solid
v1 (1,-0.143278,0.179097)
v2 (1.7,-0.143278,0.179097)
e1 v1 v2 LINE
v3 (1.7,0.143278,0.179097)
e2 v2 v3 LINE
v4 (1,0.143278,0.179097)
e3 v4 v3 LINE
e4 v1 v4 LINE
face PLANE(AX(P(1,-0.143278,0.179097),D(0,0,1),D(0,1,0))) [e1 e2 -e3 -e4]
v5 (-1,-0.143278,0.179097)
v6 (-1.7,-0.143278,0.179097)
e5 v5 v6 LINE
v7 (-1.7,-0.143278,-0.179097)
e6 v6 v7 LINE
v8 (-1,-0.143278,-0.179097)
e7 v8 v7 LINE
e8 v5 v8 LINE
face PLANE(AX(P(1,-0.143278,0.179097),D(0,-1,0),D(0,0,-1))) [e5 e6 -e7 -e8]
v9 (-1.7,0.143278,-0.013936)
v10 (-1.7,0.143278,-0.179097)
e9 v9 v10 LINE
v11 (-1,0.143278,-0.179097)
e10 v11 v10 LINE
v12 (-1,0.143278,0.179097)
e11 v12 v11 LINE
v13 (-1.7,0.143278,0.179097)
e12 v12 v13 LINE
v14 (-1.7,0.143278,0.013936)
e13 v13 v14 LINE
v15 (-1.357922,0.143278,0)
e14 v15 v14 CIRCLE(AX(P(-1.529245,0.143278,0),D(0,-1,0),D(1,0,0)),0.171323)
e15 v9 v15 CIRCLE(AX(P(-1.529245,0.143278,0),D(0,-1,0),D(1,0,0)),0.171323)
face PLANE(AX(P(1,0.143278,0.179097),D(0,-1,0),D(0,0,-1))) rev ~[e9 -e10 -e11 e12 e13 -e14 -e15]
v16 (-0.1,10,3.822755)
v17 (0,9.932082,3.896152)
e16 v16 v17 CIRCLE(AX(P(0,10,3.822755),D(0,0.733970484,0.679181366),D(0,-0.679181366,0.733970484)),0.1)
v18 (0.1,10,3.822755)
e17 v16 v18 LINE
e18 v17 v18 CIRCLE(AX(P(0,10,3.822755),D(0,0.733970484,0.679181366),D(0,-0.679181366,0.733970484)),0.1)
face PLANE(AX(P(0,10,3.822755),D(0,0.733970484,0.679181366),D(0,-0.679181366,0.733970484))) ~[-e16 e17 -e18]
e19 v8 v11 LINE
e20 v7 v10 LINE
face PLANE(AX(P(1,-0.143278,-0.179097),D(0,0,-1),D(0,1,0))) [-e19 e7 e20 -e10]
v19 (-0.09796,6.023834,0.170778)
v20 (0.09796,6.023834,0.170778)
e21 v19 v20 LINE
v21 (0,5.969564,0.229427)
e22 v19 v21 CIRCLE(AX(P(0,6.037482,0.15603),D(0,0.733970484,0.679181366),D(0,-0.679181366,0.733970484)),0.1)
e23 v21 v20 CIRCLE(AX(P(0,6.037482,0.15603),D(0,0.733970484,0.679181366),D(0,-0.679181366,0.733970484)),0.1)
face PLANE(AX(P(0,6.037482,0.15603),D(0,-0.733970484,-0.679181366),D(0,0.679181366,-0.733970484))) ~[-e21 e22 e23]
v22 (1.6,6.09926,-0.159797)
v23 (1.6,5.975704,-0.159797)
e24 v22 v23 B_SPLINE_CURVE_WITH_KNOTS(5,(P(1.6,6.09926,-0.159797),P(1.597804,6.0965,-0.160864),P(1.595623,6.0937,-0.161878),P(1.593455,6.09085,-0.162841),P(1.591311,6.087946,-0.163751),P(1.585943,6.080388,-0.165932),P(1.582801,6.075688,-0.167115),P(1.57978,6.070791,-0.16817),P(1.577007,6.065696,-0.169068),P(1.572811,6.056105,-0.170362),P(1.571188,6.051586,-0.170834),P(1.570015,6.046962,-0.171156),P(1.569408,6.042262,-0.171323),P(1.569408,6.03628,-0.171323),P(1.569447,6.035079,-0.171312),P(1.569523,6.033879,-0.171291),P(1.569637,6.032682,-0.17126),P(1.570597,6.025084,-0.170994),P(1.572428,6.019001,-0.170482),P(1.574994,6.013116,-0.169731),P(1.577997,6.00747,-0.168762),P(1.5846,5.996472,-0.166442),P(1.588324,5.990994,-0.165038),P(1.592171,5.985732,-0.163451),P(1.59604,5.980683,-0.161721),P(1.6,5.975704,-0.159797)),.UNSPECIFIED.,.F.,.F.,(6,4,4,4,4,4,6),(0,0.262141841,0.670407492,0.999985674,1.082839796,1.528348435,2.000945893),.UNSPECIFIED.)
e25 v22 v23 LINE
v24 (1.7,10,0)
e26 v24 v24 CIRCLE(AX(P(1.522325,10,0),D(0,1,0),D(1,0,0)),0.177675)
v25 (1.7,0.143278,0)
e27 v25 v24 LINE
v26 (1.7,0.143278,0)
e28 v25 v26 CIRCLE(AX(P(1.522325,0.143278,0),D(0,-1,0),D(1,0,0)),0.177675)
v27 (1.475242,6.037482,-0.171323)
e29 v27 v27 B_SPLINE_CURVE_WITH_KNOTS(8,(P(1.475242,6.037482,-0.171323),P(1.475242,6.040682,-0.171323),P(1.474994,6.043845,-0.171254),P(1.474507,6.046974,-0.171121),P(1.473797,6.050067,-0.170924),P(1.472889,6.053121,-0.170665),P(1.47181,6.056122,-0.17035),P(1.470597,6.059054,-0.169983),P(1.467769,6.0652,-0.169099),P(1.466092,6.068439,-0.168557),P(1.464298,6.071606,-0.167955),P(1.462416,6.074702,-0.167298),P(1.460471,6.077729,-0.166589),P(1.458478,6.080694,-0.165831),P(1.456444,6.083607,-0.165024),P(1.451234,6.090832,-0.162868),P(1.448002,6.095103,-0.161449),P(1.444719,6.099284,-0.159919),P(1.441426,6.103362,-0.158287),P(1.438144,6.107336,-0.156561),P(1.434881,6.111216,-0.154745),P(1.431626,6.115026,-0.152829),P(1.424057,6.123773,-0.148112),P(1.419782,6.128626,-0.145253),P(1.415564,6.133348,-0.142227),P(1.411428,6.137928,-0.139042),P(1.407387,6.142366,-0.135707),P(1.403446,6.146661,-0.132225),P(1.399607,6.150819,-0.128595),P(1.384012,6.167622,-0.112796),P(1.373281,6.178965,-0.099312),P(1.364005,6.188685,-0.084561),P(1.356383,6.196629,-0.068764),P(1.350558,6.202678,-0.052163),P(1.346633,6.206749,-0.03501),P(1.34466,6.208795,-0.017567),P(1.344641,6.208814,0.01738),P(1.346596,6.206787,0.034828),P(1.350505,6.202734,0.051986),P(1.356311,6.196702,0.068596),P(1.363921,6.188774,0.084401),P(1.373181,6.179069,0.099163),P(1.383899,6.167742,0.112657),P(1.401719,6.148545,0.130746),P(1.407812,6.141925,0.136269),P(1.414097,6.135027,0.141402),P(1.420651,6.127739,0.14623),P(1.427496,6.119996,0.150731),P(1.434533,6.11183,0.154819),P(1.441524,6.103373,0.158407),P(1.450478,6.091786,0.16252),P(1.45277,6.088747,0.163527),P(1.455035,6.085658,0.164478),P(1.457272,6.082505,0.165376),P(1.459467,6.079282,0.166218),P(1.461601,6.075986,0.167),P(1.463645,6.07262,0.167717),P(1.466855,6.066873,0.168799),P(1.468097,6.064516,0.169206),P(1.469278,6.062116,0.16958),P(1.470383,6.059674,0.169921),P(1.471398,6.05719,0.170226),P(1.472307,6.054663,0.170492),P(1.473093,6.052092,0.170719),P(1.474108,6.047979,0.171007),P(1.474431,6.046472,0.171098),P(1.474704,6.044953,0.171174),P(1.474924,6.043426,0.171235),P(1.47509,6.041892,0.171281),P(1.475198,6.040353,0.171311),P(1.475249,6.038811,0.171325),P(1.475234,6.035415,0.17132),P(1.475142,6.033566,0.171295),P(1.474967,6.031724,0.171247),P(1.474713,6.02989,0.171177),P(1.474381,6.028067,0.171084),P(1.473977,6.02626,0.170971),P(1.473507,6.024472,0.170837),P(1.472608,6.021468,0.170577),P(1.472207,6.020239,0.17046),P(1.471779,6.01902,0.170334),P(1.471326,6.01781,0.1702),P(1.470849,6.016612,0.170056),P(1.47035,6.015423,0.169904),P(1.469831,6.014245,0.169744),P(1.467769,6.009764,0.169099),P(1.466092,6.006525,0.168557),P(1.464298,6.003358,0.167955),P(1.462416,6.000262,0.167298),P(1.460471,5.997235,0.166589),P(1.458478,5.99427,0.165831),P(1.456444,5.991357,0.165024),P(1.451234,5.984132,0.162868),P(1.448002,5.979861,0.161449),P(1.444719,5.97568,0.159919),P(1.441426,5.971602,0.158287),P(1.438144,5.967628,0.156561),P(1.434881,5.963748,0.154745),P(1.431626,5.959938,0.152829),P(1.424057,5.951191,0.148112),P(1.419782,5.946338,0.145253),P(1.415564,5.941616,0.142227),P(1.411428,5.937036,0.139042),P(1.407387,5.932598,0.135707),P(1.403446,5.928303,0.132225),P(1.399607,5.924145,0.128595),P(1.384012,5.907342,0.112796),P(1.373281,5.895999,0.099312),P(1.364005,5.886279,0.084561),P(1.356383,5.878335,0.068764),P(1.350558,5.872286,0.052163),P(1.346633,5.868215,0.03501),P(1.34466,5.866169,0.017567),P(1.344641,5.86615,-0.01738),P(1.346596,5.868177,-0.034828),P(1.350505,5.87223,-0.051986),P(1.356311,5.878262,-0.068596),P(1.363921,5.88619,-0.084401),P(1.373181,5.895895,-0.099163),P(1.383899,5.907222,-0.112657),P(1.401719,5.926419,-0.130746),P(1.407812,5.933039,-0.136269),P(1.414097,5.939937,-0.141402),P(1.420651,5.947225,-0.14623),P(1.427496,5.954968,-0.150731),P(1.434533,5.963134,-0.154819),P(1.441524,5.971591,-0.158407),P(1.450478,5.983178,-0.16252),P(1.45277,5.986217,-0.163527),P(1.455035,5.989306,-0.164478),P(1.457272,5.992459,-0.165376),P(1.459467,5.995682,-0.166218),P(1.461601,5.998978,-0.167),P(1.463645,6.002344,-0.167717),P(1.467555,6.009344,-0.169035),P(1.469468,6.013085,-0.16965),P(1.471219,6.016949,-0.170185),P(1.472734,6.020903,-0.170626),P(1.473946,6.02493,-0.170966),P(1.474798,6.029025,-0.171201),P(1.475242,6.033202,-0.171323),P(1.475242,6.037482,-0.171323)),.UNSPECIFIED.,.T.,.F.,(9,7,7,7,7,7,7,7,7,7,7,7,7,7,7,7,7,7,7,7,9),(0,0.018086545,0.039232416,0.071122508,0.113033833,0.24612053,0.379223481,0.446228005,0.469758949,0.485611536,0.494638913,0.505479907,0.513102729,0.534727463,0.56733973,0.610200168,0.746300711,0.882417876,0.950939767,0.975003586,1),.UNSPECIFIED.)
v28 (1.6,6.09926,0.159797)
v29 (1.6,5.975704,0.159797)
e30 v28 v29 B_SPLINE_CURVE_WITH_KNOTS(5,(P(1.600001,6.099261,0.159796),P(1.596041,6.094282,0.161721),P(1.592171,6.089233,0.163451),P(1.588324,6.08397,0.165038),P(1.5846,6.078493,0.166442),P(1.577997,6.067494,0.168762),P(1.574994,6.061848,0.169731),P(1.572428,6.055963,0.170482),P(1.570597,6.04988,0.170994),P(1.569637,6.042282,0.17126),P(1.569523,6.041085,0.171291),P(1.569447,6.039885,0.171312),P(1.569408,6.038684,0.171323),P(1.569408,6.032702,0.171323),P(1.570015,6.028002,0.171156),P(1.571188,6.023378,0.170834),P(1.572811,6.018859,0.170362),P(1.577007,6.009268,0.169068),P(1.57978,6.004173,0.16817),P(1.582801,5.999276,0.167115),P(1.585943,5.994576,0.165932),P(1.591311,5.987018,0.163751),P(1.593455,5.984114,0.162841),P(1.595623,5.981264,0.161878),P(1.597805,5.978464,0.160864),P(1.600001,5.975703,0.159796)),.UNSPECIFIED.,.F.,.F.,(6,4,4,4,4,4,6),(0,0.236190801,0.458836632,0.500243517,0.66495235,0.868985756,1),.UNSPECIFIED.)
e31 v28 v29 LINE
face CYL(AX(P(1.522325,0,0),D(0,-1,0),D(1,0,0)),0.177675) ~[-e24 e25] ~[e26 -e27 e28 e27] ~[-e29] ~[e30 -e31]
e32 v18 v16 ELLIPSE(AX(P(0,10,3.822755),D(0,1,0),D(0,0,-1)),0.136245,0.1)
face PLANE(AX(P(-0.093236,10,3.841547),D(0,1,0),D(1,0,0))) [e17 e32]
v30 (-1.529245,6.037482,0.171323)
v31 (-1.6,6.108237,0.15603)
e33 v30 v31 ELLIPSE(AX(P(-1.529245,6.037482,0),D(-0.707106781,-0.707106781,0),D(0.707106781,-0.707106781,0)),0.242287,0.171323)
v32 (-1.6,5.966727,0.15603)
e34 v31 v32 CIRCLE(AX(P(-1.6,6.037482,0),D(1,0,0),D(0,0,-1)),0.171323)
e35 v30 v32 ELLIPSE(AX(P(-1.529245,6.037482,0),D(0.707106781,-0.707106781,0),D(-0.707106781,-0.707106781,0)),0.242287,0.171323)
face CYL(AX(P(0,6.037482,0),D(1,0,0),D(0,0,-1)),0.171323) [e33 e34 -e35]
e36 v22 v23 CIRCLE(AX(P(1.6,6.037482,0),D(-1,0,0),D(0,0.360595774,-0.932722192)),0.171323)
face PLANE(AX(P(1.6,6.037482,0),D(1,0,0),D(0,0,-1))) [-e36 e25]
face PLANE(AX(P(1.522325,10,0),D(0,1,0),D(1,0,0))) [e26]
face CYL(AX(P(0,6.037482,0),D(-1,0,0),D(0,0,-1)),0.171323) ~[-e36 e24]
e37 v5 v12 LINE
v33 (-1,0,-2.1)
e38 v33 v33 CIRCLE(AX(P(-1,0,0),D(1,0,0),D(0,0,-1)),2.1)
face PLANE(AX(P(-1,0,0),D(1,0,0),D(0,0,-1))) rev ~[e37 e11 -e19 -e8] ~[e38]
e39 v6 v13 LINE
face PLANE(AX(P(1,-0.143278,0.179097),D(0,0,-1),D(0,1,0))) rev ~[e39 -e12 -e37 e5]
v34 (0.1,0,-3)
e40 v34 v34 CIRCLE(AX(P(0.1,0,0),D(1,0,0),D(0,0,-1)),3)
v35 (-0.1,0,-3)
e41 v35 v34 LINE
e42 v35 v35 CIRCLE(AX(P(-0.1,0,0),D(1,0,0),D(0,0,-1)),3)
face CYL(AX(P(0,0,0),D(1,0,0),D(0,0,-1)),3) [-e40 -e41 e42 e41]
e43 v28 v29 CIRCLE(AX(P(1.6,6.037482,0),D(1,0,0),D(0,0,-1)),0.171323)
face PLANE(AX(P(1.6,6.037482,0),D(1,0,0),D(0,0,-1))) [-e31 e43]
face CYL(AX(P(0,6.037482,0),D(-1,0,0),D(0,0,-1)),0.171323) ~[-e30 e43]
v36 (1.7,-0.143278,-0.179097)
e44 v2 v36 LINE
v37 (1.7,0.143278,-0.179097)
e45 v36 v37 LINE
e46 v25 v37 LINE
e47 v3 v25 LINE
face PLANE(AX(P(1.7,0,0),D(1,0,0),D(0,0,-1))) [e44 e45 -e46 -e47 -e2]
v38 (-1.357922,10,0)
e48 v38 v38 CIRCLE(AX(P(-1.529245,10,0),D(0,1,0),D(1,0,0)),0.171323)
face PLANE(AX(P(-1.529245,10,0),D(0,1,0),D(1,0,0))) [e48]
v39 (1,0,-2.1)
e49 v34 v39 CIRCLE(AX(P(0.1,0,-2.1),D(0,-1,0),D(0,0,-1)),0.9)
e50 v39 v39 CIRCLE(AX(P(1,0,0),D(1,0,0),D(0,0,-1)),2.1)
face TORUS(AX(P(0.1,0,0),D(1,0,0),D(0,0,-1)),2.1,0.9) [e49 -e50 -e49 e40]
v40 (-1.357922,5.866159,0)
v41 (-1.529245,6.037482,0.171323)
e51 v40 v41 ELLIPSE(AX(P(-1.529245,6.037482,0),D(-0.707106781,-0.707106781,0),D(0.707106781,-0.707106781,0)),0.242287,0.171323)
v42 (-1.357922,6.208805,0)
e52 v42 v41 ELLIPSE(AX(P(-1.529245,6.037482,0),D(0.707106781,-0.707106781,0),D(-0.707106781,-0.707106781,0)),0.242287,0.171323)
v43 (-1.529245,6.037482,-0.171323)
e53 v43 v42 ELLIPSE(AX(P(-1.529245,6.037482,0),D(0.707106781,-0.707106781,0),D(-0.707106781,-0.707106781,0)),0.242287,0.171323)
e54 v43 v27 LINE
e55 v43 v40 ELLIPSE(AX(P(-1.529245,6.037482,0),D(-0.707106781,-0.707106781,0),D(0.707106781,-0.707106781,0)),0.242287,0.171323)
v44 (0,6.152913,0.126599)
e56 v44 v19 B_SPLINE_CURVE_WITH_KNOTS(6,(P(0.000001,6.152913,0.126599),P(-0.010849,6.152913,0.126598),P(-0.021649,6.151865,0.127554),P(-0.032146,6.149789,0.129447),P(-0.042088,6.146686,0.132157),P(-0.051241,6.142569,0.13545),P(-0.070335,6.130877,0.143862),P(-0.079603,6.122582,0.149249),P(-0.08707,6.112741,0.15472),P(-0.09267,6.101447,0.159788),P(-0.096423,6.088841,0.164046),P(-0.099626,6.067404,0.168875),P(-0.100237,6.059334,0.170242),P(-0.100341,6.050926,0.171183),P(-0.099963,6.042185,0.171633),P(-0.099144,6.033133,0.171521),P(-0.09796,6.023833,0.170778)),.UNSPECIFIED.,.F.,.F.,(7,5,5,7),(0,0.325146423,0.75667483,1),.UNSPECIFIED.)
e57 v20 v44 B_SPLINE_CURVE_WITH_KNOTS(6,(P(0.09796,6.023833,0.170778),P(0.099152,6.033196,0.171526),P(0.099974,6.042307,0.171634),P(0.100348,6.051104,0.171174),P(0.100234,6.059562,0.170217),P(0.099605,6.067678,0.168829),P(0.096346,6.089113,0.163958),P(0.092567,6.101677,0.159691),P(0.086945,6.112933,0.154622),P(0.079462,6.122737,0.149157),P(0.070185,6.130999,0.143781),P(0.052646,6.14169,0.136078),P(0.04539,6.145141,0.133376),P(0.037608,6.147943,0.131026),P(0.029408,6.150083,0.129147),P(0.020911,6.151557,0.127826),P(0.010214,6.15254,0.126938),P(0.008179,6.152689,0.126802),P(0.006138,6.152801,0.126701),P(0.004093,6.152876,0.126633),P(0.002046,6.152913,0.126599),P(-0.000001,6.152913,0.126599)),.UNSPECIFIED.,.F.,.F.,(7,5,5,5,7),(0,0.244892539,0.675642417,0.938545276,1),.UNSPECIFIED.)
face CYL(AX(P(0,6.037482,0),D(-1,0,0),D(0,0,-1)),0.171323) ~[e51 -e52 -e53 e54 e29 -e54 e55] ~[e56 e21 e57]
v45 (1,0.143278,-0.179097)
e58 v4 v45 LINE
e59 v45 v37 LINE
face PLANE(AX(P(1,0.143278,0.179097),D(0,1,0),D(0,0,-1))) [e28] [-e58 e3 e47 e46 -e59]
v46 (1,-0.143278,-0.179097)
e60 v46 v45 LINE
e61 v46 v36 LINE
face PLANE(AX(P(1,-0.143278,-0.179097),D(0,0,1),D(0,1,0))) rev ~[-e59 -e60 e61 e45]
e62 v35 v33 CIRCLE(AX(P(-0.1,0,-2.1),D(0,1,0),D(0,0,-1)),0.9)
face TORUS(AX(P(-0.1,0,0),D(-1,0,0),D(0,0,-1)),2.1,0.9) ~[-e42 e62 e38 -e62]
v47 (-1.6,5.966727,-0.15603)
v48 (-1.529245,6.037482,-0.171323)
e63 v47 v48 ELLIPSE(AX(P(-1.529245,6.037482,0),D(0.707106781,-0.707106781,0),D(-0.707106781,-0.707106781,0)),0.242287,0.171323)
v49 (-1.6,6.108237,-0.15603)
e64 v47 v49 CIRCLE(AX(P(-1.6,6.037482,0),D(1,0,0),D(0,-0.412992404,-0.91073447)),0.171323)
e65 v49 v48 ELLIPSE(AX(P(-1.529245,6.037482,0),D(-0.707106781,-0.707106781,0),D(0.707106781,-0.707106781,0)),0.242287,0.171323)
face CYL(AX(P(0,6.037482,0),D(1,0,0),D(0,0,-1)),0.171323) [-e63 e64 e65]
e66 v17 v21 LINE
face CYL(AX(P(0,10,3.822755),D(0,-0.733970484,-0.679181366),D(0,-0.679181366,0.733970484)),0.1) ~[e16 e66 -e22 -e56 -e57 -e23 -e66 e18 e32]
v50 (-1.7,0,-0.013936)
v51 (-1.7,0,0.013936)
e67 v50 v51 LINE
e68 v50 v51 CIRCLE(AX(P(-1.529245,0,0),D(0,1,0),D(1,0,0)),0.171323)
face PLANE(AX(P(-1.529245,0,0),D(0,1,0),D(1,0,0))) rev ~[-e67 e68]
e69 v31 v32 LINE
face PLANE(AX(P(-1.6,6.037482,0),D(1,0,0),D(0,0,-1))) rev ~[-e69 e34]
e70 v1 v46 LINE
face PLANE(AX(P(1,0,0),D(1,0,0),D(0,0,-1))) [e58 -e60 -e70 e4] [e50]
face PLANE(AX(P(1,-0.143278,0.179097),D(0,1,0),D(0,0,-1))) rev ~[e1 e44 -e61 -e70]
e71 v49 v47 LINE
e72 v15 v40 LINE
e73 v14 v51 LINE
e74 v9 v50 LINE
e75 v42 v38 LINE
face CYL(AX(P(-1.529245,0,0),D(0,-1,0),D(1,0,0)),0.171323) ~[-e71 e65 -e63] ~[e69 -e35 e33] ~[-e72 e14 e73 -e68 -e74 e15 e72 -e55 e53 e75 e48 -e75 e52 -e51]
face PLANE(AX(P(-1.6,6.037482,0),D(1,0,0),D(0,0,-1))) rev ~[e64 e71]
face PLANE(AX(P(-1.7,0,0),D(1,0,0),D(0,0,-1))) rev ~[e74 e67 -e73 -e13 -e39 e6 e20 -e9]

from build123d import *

# Parameters (mm, degrees)
IZIM1_R                          = 3
Y_KSEKLIK_EKSTR_ZYON1_DEPTH      = 1
Y_KSEKLIK_EKSTR_ZYON1_DEPTH_BACK = 1
RADYUS1_R                        = 0.9
RADYUS2_R                        = 0.9
IZIM2_W                          = 0.358194198
IZIM2_H                          = 0.28655536
Y_KSEKLIK_EKSTR_ZYON2_DEPTH      = 0.7
Y_KSEKLIK_EKSTR_ZYON2_DEPTH_BACK = 2.7
IZIM3_R                          = 0.171322749
IZIM3_R_2                        = 0.177674655
Y_KSEKLIK_EKSTR_ZYON3_DEPTH      = 10
IZIM5_R                          = 0.171322749
Y_KSEKLIK_EKSTR_ZYON4_DEPTH      = 1.6
Y_KSEKLIK_EKSTR_ZYON4_DEPTH_BACK = 1.6
KES_EKSTR_ZYON1_DEPTH            = 1.6


with BuildPart() as part:
    # izim1 → Y_kseklik-Ekstr_zyon1 (new body, two sides)
    with BuildSketch(Plane(origin=(0, 0, 0), x_dir=(0, 0, -1), z_dir=(1, 0, 0))) as y_kseklik_ekstr_zyon1_sk:
        Circle(IZIM1_R)
    extrude(amount=Y_KSEKLIK_EKSTR_ZYON1_DEPTH)
    extrude(y_kseklik_ekstr_zyon1_sk.sketch, amount=-Y_KSEKLIK_EKSTR_ZYON1_DEPTH_BACK)

    # Radyus1
    radyus1_edges = [part.edges().sort_by_distance(p)[0] for p in [
        (-1, 0, 3),
    ]]
    fillet(radyus1_edges, radius=RADYUS1_R)

    # Radyus2
    radyus2_edges = [part.edges().sort_by_distance(p)[0] for p in [
        (1, 0, 3),
    ]]
    fillet(radyus2_edges, radius=RADYUS2_R)

    # izim2 → Y_kseklik-Ekstr_zyon2 (add, two sides)
    with BuildSketch(Plane(origin=(1, 0, 0), x_dir=(0, 0, -1), z_dir=(1, 0, 0))) as y_kseklik_ekstr_zyon2_sk:
        Rectangle(IZIM2_W, IZIM2_H)
    extrude(amount=Y_KSEKLIK_EKSTR_ZYON2_DEPTH)
    extrude(y_kseklik_ekstr_zyon2_sk.sketch, amount=-Y_KSEKLIK_EKSTR_ZYON2_DEPTH_BACK)

    # izim3 → Y_kseklik-Ekstr_zyon3 (add)
    with BuildSketch(Plane(origin=(0, 0, 0), x_dir=(1, 0, 0), z_dir=(0, 1, 0))):
        with Locations((-1.529245006, 0)):
            Circle(IZIM3_R)
        with Locations((1.522325345, 0)):
            Circle(IZIM3_R_2)
    extrude(amount=Y_KSEKLIK_EKSTR_ZYON3_DEPTH)

    # izim5 → Y_kseklik-Ekstr_zyon4 (add, two sides)
    with BuildSketch(Plane(origin=(0, 0, 0), x_dir=(0, 0, -1), z_dir=(1, 0, 0))) as y_kseklik_ekstr_zyon4_sk:
        with Locations((0, 6.037482004)):
            Circle(IZIM5_R)
    extrude(amount=Y_KSEKLIK_EKSTR_ZYON4_DEPTH)
    extrude(y_kseklik_ekstr_zyon4_sk.sketch, amount=-Y_KSEKLIK_EKSTR_ZYON4_DEPTH_BACK)

    # izim6 → D_nd_r-_nce1 (revolve)
    with BuildSketch(Plane(origin=(0, 0, 0), x_dir=(0, 0, -1), z_dir=(1, 0, 0))):
        Polygon((-0.156029533, 6.037482004), (-3.82275516, 10), (-3.896152209, 9.932081863), (-0.229426581, 5.969563868), align=None)
    revolve(axis=Axis((0, 6.037482004, 0.156029533), (0, 0.733970484, 0.679181366)))

    # izim7 → Kes-Ekstr_zyon1 (cut)
    with BuildSketch(Plane(origin=(0, 10, 0), x_dir=(1, 0, 0), z_dir=(0, 1, 0))):
        Polygon((-0.387982537, -3.298594138), (-0.387982537, -3.511184794), (-0.387982537, -4.384499274), (0.201510503, -4.384499274), (0.201510503, -3.298594138), align=None)
    extrude(amount=KES_EKSTR_ZYON1_DEPTH, mode=Mode.SUBTRACT)


solid = part.part
